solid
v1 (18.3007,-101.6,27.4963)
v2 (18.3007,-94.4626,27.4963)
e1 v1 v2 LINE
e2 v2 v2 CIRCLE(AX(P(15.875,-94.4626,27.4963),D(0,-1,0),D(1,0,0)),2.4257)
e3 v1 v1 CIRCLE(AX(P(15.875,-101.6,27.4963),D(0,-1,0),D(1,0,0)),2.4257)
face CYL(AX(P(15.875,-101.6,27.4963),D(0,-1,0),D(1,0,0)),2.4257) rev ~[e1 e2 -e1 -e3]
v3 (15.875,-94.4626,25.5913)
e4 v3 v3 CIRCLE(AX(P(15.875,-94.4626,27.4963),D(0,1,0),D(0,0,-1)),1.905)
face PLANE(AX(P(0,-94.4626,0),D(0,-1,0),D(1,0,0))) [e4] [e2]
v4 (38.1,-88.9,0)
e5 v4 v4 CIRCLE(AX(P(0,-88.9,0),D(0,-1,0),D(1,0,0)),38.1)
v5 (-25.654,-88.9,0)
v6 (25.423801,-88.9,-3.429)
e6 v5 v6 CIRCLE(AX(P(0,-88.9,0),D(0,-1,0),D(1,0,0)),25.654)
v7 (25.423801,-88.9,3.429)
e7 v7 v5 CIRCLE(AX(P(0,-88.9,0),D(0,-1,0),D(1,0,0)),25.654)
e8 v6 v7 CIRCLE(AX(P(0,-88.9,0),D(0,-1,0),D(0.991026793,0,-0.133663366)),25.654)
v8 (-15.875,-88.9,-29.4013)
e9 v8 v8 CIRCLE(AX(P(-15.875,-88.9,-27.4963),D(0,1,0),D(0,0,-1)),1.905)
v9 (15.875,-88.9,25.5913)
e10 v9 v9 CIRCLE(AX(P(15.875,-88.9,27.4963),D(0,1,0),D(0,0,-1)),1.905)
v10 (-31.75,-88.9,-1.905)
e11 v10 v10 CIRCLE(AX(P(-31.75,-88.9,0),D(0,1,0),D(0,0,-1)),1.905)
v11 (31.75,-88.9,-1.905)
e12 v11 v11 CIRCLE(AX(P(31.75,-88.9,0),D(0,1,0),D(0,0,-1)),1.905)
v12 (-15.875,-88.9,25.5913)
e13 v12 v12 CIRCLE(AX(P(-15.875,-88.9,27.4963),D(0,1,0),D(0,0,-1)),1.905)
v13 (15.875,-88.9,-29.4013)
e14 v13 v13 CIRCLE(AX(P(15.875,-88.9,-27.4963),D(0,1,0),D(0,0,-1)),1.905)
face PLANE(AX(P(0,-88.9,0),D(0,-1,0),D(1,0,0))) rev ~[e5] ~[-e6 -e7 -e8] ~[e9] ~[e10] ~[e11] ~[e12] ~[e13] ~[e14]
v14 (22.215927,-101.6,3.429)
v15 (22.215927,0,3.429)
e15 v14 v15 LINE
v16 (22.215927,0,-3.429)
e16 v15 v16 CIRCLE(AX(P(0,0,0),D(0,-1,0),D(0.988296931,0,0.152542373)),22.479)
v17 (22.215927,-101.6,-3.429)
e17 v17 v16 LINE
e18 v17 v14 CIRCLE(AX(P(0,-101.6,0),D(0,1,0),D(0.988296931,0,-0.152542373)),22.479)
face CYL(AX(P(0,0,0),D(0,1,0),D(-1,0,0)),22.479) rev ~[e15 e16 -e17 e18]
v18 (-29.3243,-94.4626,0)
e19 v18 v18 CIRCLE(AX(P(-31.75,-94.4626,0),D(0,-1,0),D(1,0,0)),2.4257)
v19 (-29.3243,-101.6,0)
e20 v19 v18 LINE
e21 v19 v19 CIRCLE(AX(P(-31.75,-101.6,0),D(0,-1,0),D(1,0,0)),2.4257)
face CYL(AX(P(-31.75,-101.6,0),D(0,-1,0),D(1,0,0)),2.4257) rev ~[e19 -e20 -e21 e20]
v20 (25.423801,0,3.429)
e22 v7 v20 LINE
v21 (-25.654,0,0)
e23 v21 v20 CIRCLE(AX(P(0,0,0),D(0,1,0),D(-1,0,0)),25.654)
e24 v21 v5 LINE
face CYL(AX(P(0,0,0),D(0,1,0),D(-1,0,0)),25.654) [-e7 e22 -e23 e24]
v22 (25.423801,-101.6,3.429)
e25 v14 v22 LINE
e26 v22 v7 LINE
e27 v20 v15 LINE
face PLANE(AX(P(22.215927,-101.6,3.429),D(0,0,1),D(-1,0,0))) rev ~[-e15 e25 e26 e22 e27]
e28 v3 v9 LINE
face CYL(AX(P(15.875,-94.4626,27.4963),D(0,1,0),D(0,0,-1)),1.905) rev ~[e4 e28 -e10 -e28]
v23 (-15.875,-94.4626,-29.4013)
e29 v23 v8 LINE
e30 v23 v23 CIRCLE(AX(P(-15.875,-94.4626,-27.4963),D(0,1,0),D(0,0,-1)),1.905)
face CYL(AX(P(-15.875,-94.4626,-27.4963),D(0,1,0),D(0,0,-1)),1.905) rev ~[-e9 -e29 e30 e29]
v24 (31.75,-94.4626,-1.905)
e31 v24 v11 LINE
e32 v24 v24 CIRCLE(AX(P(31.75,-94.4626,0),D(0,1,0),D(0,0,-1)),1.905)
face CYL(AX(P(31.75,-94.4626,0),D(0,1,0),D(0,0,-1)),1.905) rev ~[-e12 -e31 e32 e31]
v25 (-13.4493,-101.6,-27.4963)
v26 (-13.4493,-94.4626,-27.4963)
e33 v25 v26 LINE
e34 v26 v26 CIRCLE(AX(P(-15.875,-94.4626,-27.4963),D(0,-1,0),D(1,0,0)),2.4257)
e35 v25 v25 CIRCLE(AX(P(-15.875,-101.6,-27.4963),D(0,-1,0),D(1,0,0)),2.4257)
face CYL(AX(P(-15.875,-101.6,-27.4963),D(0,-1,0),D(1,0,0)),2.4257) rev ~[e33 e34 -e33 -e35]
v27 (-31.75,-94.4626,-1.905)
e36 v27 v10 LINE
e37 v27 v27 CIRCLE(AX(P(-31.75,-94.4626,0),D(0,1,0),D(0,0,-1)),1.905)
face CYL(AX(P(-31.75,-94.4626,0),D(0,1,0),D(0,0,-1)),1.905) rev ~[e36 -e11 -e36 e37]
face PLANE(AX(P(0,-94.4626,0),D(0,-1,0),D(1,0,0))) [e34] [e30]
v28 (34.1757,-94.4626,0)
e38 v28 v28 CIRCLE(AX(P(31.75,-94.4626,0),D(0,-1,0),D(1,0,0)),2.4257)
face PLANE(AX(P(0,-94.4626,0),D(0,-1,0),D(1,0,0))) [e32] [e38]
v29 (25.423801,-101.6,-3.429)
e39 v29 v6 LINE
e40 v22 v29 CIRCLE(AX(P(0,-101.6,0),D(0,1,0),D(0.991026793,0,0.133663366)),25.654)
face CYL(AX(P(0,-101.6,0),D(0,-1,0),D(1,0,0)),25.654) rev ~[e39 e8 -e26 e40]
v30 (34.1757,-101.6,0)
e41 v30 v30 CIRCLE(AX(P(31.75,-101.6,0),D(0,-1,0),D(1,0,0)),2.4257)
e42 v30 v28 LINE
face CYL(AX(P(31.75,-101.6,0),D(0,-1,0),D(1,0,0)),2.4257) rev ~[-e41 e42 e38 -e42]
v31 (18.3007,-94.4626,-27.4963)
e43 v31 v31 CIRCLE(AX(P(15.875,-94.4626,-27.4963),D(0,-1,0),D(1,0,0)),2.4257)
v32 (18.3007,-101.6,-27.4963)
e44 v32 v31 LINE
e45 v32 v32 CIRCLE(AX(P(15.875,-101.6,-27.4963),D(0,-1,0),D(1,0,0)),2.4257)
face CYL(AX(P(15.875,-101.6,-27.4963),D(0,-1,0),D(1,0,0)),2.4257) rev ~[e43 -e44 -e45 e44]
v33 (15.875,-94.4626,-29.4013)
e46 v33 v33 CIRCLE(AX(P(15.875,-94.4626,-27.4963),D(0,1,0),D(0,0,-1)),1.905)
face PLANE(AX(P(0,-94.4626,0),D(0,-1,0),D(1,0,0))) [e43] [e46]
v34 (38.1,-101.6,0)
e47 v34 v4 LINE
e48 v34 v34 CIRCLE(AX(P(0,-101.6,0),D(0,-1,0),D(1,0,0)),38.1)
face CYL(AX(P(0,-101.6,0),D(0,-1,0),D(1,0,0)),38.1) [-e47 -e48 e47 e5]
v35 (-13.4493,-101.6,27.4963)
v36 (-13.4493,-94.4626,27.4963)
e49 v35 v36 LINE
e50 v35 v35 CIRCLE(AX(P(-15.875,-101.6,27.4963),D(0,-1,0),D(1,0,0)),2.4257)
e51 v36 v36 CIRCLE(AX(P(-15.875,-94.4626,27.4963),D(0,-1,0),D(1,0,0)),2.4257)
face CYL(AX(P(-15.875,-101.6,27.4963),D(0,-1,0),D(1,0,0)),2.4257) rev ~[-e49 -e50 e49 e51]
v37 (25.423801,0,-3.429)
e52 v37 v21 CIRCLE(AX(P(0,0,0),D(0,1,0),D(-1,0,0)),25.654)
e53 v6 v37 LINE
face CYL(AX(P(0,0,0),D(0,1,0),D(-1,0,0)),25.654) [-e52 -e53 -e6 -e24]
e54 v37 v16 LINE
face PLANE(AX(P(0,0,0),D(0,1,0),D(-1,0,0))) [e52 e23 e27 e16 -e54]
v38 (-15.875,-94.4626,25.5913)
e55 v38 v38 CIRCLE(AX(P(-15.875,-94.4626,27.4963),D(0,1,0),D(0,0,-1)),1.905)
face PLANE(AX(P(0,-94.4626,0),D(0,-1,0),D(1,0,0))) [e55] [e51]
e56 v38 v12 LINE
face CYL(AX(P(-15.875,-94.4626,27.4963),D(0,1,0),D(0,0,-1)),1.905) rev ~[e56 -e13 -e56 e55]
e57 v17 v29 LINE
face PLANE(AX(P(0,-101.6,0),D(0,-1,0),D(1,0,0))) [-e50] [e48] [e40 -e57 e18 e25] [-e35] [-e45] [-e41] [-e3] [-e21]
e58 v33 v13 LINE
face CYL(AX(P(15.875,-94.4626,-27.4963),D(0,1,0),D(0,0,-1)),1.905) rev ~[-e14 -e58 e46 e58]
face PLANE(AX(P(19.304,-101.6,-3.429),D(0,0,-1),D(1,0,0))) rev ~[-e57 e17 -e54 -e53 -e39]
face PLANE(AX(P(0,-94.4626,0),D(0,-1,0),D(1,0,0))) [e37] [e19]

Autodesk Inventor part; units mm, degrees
ref_plane "YZ Plane" through (0, 0, 0) normal (1, 0, 0) x (0, 1, 0)
ref_plane "XZ Plane" through (0, 0, 0) normal (0, 1, 0) x (-1, 0, 0)
ref_plane "XY Plane" through (0, 0, 0) normal (0, 0, 1) x (1, 0, 0)
sketch "Sketch1" plane through (0, 0, 0) normal (0, 1, 0) x (-1, 0, 0)
  circle A0 centre (0, 0) radius 22.479
  circle A1 centre (0, 0) radius 25.654
  dimension "d0" = 44.958
  dimension "d1" = 51.308
extrude "Extrusion1" add sketch "Sketch1" against normal blind 101.6
sketch "Sketch7" plane through (0, -101.6, 0) normal (0, -1, 0) x (1, 0, 0)
  line L0 (0, 0) -> (25.654, 0) construction
  circle A0 centre (0, 0) radius 25.654 construction
  line L1 (19.304, 3.429) -> (19.304, -3.429)
  line L2 (19.304, -3.429) -> (25.654, -3.429)
  line L3 (25.654, -3.429) -> (25.654, 3.429)
  line L4 (25.654, 3.429) -> (19.304, 3.429)
  circle A1 centre (0, 0) radius 22.479 projected
  line L5 (19.304, 3.429) -> (25.654, -3.429) construction
  line L6 (19.304, -3.429) -> (25.654, 3.429) construction
  point P0 (20.2202, 0)
  point P1 (22.479, 0)
  dimension "d10" = 6.858
  dimension "d11" = 6.35
extrude "Extrusion2" cut sketch "Sketch7" against normal blind 101.6 contours L4 A1 L2 L1 | L4 L3 L2 A1 picked at (20.3623, 0)
sketch "Sketch8" plane through (0, -101.6, 0) normal (0, -1, 0) x (1, 0, 0)
  circle A0 centre (0, 0) radius 25.654
  circle A1 centre (0, 0) radius 38.1
  dimension "d14" = 51.308
  dimension "d15" = 76.2
extrude "Extrusion3" add sketch "Sketch8" against normal blind 12.7
sketch "Sketch10" plane through (0, -101.6, 0) normal (0, -1, 0) x (1, 0, 0)
  circle A0 centre (31.75, 0) radius 2.4257
  circle A1 centre (15.875, 27.4963) radius 2.4257
  circle A2 centre (-15.875, 27.4963) radius 2.4257
  circle A3 centre (-31.75, 0) radius 2.4257
  circle A4 centre (-15.875, -27.4963) radius 2.4257
  circle A5 centre (15.875, -27.4963) radius 2.4257
  point P0 (0, 0)
  dimension "d30" = 4.8514
  dimension "d33" = 360
extrude "Extrusion4" cut sketch "Sketch10" against normal blind 7.1374
sketch "Sketch11" plane through (31.75, -94.4626, 0) normal (0, -1, 0) x (1, 0, 0)
  point P0 (-31.75, 0)
  point P1 (0, 0)
  point P2 (-15.875, 27.4963)
  point P3 (-47.625, 27.4963)
  point P4 (-63.5, 0)
  point P5 (-47.625, -27.4963)
  point P6 (-15.875, -27.4963)
  dimension "d39" = 360
hole "Hole2" at (31.75, -94.4626, 0) at (15.875, -94.4626, 27.4963) at (-15.875, -94.4626, 27.4963) at (-31.75, -94.4626, 0) at (-15.875, -94.4626, -27.4963) at (15.875, -94.4626, -27.4963) direction (0, 1, 0) diameter 3.81 end through all clearance for "Flat Head Machine Screw (82)" size "#6" standard "Ansi Unified Screw Threads"
properties part number "ExternalStationaryOuterRingOld" material "LCP Plastic"
